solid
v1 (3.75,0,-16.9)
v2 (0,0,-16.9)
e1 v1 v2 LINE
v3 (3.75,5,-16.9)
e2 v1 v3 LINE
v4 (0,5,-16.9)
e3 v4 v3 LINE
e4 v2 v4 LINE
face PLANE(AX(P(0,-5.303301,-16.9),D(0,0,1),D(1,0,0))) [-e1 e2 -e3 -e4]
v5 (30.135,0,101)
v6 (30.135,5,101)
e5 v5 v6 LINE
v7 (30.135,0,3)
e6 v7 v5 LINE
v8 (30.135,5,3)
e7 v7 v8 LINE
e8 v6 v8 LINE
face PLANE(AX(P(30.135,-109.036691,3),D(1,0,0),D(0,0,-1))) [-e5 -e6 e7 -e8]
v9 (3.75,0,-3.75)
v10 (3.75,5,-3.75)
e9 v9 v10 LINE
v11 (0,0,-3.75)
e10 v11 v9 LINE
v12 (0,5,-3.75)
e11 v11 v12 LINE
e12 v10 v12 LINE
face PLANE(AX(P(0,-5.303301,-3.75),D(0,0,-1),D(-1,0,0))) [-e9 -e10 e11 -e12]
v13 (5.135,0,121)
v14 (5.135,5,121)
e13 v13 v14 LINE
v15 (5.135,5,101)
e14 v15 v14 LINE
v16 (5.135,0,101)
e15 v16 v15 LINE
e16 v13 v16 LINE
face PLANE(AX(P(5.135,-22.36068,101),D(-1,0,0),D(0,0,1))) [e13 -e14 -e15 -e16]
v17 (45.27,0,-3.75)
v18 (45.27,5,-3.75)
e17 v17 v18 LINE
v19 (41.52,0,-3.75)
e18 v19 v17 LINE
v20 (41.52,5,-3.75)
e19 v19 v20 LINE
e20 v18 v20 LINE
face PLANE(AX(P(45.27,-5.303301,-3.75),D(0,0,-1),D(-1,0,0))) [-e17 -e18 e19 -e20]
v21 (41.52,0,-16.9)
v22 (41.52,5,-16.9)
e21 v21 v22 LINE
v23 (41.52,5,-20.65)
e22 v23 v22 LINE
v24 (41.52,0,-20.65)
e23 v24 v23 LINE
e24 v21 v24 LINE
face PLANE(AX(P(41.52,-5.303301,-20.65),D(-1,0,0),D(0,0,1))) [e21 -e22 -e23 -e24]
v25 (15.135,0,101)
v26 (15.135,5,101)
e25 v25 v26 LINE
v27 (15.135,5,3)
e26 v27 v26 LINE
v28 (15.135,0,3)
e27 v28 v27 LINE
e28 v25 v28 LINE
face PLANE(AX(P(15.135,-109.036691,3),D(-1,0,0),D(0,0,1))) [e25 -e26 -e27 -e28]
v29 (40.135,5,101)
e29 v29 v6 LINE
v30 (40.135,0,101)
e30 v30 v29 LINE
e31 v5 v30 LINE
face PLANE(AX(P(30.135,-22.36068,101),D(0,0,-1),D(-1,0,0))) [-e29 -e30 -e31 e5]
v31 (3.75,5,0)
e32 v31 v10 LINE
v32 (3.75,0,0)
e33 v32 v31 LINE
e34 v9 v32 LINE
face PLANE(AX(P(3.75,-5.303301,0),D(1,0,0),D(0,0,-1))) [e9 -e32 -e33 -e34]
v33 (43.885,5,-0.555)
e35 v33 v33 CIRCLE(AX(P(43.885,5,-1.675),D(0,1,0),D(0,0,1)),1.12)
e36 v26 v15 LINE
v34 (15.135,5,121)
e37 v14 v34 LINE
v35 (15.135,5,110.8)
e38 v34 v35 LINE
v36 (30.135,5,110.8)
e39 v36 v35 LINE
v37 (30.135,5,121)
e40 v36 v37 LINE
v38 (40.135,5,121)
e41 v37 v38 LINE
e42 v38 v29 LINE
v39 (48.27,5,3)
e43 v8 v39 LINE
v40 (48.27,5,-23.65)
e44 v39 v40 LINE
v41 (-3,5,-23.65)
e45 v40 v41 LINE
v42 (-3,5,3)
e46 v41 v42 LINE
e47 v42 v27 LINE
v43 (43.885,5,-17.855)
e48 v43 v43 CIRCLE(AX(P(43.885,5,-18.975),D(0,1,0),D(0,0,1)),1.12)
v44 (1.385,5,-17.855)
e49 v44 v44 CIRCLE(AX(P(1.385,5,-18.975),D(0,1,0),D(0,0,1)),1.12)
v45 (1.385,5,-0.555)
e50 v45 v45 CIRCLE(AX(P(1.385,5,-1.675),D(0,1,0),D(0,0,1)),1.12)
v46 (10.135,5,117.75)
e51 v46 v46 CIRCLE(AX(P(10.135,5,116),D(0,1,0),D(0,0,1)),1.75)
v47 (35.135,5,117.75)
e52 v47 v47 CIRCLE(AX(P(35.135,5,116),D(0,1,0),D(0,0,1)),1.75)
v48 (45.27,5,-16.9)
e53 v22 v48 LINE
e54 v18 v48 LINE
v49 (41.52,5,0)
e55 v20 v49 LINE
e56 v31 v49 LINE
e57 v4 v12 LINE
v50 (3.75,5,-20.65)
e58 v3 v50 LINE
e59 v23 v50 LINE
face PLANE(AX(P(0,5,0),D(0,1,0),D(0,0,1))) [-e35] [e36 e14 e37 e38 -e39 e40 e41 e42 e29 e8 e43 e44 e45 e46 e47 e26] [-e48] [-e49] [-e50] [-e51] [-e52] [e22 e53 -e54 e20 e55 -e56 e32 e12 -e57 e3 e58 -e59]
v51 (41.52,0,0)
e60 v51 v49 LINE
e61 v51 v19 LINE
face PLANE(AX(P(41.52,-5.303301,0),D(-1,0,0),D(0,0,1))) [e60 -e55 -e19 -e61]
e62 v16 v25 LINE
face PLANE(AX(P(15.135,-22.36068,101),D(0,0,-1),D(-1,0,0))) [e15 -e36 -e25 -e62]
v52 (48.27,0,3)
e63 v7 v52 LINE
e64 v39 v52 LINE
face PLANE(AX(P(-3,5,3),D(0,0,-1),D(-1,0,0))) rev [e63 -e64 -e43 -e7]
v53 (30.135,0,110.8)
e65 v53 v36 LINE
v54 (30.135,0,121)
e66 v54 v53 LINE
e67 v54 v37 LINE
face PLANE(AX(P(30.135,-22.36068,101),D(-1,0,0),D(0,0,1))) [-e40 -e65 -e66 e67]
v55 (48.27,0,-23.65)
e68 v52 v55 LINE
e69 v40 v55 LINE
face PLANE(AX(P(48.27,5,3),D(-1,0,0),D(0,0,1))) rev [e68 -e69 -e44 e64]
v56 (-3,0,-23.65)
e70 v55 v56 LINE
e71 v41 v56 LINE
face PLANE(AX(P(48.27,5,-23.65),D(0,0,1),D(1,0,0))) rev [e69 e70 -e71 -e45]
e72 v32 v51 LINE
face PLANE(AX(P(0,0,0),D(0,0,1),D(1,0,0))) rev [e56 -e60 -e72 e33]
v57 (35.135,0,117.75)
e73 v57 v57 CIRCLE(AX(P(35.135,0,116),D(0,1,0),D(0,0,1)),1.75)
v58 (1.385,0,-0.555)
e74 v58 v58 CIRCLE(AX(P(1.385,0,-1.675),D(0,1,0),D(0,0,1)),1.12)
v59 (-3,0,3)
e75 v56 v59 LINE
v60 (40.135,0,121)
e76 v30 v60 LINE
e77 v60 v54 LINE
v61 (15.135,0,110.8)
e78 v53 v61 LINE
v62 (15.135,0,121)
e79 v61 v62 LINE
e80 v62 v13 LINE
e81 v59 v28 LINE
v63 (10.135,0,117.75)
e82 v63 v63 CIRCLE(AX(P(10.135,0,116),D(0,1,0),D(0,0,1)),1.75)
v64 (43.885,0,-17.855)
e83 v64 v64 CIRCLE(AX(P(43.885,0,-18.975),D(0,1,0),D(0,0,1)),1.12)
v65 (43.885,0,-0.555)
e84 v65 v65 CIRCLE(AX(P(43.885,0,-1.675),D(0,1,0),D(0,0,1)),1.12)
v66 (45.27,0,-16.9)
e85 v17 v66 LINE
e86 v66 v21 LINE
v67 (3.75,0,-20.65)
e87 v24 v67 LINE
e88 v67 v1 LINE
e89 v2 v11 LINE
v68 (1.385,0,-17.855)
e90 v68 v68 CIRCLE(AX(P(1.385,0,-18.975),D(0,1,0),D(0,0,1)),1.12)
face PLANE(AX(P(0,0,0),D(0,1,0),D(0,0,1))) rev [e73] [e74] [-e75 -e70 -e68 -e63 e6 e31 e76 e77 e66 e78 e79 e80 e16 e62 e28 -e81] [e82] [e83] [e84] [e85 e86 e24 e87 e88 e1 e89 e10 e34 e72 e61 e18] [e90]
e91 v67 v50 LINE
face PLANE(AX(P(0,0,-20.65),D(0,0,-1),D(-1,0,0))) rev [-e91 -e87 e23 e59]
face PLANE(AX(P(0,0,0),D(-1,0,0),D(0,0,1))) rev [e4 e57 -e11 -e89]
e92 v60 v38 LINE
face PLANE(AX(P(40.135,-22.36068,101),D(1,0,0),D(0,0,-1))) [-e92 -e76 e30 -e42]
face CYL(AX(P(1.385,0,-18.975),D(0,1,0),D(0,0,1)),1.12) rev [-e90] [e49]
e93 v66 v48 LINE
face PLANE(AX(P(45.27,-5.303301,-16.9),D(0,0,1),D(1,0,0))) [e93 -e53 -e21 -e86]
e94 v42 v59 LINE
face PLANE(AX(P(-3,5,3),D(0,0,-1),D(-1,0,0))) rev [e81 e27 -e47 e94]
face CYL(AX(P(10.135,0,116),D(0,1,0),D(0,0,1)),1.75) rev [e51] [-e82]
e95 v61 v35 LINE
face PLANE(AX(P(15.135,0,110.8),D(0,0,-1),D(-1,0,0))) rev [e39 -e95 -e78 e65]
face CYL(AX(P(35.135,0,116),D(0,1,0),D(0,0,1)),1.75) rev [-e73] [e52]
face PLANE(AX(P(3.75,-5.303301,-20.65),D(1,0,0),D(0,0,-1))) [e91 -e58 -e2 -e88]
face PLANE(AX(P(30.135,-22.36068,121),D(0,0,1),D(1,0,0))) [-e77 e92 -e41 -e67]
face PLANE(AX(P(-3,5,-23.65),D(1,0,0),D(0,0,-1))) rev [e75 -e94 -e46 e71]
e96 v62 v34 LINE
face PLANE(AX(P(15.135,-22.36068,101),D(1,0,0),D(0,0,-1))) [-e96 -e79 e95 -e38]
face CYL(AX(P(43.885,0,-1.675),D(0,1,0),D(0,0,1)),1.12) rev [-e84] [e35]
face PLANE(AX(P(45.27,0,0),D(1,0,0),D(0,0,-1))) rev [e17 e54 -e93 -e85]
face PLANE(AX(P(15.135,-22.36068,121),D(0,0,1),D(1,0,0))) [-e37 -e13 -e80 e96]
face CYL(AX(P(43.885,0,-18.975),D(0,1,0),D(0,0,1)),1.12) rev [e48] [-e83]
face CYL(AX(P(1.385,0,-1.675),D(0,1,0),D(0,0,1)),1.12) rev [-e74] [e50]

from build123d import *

# Parameters (mm, degrees)
SKETCH2_W           = 51.27
SKETCH2_H           = 26.65
BOSS_EXTRUDE2_DEPTH = 5
SKETCH3_W           = 45.27
SKETCH3_H           = 20.65
CUT_EXTRUDE1_DEPTH  = 6
SKETCH4_W           = 3.75
SKETCH4_H           = 3.75
BOSS_EXTRUDE3_DEPTH = 5
SKETCH5_R           = 1.12
CUT_EXTRUDE2_DEPTH  = 6
SKETCH6_W           = 15
SKETCH6_H           = 108
BOSS_EXTRUDE4_DEPTH = 5
SKETCH7_W           = 10
SKETCH7_H           = 20
BOSS_EXTRUDE5_DEPTH = 5
SKETCH8_R           = 1.75
CUT_EXTRUDE3_DEPTH  = 6
SKETCH9_W           = 15
SKETCH9_H           = 0.2
CUT_EXTRUDE4_DEPTH  = 6


with BuildPart() as part:
    # Sketch2 → Boss-Extrude2 (new body)
    with BuildSketch(Plane(origin=(0, 0, 0), x_dir=(1, 0, 0), z_dir=(0, 1, 0))):
        with Locations((22.635, 10.325)):
            Rectangle(SKETCH2_W, SKETCH2_H)
    extrude(amount=BOSS_EXTRUDE2_DEPTH)

    # Sketch3 → Cut-Extrude1 (cut, through all)
    with BuildSketch(Plane(origin=(0, 5, 0), x_dir=(1, 0, 0), z_dir=(0, 1, 0))):
        with Locations((22.635, 10.325)):
            Rectangle(SKETCH3_W, SKETCH3_H)
    extrude(amount=-CUT_EXTRUDE1_DEPTH, mode=Mode.SUBTRACT)

    # Sketch4 → Boss-Extrude3 (add)
    with BuildSketch(Plane(origin=(0, 5, 0), x_dir=(1, 0, 0), z_dir=(0, 1, 0))):
        with Locations((1.875, 18.775)):
            Rectangle(SKETCH4_W, SKETCH4_H)
        with Locations((1.875, 1.875)):
            Rectangle(SKETCH4_W, SKETCH4_H)
        with Locations((43.395, 1.875)):
            Rectangle(SKETCH4_W, SKETCH4_H)
        with Locations((43.395, 18.775)):
            Rectangle(SKETCH4_W, SKETCH4_H)
    extrude(amount=-BOSS_EXTRUDE3_DEPTH)

    # Sketch5 → Cut-Extrude2 (cut, through all)
    with BuildSketch(Plane(origin=(0, 5, 0), x_dir=(1, 0, 0), z_dir=(0, 1, 0))):
        with Locations((1.385, 18.975)):
            Circle(SKETCH5_R)
        with Locations((43.885, 18.975)):
            Circle(SKETCH5_R)
        with Locations((43.885, 1.675)):
            Circle(SKETCH5_R)
        with Locations((1.385, 1.675)):
            Circle(SKETCH5_R)
    extrude(amount=-CUT_EXTRUDE2_DEPTH, mode=Mode.SUBTRACT)

    # Sketch6 → Boss-Extrude4 (add)
    with BuildSketch(Plane(origin=(0, 5, 0), x_dir=(1, 0, 0), z_dir=(0, 1, 0))):
        with Locations((22.635, -57)):
            Rectangle(SKETCH6_W, SKETCH6_H)
    extrude(amount=-BOSS_EXTRUDE4_DEPTH)

    # Sketch7 → Boss-Extrude5 (add)
    with BuildSketch(Plane(origin=(0, 5, 0), x_dir=(1, 0, 0), z_dir=(0, 1, 0))):
        with Locations((35.135, -111)):
            Rectangle(SKETCH7_W, SKETCH7_H)
        with Locations((10.135, -111)):
            Rectangle(SKETCH7_W, SKETCH7_H)
    extrude(amount=-BOSS_EXTRUDE5_DEPTH)

    # Sketch8 → Cut-Extrude3 (cut, through all)
    with BuildSketch(Plane(origin=(0, 5, 0), x_dir=(1, 0, 0), z_dir=(0, 1, 0))):
        with Locations((10.135, -116)):
            Circle(SKETCH8_R)
        with Locations((35.135, -116)):
            Circle(SKETCH8_R)
    extrude(amount=-CUT_EXTRUDE3_DEPTH, mode=Mode.SUBTRACT)

    # Sketch9 → Cut-Extrude4 (cut, through all)
    with BuildSketch(Plane(origin=(0, 5, 0), x_dir=(1, 0, 0), z_dir=(0, 1, 0))):
        with Locations((22.635, -110.9)):
            Rectangle(SKETCH9_W, SKETCH9_H)
    extrude(amount=-CUT_EXTRUDE4_DEPTH, mode=Mode.SUBTRACT)


solid = part.part
